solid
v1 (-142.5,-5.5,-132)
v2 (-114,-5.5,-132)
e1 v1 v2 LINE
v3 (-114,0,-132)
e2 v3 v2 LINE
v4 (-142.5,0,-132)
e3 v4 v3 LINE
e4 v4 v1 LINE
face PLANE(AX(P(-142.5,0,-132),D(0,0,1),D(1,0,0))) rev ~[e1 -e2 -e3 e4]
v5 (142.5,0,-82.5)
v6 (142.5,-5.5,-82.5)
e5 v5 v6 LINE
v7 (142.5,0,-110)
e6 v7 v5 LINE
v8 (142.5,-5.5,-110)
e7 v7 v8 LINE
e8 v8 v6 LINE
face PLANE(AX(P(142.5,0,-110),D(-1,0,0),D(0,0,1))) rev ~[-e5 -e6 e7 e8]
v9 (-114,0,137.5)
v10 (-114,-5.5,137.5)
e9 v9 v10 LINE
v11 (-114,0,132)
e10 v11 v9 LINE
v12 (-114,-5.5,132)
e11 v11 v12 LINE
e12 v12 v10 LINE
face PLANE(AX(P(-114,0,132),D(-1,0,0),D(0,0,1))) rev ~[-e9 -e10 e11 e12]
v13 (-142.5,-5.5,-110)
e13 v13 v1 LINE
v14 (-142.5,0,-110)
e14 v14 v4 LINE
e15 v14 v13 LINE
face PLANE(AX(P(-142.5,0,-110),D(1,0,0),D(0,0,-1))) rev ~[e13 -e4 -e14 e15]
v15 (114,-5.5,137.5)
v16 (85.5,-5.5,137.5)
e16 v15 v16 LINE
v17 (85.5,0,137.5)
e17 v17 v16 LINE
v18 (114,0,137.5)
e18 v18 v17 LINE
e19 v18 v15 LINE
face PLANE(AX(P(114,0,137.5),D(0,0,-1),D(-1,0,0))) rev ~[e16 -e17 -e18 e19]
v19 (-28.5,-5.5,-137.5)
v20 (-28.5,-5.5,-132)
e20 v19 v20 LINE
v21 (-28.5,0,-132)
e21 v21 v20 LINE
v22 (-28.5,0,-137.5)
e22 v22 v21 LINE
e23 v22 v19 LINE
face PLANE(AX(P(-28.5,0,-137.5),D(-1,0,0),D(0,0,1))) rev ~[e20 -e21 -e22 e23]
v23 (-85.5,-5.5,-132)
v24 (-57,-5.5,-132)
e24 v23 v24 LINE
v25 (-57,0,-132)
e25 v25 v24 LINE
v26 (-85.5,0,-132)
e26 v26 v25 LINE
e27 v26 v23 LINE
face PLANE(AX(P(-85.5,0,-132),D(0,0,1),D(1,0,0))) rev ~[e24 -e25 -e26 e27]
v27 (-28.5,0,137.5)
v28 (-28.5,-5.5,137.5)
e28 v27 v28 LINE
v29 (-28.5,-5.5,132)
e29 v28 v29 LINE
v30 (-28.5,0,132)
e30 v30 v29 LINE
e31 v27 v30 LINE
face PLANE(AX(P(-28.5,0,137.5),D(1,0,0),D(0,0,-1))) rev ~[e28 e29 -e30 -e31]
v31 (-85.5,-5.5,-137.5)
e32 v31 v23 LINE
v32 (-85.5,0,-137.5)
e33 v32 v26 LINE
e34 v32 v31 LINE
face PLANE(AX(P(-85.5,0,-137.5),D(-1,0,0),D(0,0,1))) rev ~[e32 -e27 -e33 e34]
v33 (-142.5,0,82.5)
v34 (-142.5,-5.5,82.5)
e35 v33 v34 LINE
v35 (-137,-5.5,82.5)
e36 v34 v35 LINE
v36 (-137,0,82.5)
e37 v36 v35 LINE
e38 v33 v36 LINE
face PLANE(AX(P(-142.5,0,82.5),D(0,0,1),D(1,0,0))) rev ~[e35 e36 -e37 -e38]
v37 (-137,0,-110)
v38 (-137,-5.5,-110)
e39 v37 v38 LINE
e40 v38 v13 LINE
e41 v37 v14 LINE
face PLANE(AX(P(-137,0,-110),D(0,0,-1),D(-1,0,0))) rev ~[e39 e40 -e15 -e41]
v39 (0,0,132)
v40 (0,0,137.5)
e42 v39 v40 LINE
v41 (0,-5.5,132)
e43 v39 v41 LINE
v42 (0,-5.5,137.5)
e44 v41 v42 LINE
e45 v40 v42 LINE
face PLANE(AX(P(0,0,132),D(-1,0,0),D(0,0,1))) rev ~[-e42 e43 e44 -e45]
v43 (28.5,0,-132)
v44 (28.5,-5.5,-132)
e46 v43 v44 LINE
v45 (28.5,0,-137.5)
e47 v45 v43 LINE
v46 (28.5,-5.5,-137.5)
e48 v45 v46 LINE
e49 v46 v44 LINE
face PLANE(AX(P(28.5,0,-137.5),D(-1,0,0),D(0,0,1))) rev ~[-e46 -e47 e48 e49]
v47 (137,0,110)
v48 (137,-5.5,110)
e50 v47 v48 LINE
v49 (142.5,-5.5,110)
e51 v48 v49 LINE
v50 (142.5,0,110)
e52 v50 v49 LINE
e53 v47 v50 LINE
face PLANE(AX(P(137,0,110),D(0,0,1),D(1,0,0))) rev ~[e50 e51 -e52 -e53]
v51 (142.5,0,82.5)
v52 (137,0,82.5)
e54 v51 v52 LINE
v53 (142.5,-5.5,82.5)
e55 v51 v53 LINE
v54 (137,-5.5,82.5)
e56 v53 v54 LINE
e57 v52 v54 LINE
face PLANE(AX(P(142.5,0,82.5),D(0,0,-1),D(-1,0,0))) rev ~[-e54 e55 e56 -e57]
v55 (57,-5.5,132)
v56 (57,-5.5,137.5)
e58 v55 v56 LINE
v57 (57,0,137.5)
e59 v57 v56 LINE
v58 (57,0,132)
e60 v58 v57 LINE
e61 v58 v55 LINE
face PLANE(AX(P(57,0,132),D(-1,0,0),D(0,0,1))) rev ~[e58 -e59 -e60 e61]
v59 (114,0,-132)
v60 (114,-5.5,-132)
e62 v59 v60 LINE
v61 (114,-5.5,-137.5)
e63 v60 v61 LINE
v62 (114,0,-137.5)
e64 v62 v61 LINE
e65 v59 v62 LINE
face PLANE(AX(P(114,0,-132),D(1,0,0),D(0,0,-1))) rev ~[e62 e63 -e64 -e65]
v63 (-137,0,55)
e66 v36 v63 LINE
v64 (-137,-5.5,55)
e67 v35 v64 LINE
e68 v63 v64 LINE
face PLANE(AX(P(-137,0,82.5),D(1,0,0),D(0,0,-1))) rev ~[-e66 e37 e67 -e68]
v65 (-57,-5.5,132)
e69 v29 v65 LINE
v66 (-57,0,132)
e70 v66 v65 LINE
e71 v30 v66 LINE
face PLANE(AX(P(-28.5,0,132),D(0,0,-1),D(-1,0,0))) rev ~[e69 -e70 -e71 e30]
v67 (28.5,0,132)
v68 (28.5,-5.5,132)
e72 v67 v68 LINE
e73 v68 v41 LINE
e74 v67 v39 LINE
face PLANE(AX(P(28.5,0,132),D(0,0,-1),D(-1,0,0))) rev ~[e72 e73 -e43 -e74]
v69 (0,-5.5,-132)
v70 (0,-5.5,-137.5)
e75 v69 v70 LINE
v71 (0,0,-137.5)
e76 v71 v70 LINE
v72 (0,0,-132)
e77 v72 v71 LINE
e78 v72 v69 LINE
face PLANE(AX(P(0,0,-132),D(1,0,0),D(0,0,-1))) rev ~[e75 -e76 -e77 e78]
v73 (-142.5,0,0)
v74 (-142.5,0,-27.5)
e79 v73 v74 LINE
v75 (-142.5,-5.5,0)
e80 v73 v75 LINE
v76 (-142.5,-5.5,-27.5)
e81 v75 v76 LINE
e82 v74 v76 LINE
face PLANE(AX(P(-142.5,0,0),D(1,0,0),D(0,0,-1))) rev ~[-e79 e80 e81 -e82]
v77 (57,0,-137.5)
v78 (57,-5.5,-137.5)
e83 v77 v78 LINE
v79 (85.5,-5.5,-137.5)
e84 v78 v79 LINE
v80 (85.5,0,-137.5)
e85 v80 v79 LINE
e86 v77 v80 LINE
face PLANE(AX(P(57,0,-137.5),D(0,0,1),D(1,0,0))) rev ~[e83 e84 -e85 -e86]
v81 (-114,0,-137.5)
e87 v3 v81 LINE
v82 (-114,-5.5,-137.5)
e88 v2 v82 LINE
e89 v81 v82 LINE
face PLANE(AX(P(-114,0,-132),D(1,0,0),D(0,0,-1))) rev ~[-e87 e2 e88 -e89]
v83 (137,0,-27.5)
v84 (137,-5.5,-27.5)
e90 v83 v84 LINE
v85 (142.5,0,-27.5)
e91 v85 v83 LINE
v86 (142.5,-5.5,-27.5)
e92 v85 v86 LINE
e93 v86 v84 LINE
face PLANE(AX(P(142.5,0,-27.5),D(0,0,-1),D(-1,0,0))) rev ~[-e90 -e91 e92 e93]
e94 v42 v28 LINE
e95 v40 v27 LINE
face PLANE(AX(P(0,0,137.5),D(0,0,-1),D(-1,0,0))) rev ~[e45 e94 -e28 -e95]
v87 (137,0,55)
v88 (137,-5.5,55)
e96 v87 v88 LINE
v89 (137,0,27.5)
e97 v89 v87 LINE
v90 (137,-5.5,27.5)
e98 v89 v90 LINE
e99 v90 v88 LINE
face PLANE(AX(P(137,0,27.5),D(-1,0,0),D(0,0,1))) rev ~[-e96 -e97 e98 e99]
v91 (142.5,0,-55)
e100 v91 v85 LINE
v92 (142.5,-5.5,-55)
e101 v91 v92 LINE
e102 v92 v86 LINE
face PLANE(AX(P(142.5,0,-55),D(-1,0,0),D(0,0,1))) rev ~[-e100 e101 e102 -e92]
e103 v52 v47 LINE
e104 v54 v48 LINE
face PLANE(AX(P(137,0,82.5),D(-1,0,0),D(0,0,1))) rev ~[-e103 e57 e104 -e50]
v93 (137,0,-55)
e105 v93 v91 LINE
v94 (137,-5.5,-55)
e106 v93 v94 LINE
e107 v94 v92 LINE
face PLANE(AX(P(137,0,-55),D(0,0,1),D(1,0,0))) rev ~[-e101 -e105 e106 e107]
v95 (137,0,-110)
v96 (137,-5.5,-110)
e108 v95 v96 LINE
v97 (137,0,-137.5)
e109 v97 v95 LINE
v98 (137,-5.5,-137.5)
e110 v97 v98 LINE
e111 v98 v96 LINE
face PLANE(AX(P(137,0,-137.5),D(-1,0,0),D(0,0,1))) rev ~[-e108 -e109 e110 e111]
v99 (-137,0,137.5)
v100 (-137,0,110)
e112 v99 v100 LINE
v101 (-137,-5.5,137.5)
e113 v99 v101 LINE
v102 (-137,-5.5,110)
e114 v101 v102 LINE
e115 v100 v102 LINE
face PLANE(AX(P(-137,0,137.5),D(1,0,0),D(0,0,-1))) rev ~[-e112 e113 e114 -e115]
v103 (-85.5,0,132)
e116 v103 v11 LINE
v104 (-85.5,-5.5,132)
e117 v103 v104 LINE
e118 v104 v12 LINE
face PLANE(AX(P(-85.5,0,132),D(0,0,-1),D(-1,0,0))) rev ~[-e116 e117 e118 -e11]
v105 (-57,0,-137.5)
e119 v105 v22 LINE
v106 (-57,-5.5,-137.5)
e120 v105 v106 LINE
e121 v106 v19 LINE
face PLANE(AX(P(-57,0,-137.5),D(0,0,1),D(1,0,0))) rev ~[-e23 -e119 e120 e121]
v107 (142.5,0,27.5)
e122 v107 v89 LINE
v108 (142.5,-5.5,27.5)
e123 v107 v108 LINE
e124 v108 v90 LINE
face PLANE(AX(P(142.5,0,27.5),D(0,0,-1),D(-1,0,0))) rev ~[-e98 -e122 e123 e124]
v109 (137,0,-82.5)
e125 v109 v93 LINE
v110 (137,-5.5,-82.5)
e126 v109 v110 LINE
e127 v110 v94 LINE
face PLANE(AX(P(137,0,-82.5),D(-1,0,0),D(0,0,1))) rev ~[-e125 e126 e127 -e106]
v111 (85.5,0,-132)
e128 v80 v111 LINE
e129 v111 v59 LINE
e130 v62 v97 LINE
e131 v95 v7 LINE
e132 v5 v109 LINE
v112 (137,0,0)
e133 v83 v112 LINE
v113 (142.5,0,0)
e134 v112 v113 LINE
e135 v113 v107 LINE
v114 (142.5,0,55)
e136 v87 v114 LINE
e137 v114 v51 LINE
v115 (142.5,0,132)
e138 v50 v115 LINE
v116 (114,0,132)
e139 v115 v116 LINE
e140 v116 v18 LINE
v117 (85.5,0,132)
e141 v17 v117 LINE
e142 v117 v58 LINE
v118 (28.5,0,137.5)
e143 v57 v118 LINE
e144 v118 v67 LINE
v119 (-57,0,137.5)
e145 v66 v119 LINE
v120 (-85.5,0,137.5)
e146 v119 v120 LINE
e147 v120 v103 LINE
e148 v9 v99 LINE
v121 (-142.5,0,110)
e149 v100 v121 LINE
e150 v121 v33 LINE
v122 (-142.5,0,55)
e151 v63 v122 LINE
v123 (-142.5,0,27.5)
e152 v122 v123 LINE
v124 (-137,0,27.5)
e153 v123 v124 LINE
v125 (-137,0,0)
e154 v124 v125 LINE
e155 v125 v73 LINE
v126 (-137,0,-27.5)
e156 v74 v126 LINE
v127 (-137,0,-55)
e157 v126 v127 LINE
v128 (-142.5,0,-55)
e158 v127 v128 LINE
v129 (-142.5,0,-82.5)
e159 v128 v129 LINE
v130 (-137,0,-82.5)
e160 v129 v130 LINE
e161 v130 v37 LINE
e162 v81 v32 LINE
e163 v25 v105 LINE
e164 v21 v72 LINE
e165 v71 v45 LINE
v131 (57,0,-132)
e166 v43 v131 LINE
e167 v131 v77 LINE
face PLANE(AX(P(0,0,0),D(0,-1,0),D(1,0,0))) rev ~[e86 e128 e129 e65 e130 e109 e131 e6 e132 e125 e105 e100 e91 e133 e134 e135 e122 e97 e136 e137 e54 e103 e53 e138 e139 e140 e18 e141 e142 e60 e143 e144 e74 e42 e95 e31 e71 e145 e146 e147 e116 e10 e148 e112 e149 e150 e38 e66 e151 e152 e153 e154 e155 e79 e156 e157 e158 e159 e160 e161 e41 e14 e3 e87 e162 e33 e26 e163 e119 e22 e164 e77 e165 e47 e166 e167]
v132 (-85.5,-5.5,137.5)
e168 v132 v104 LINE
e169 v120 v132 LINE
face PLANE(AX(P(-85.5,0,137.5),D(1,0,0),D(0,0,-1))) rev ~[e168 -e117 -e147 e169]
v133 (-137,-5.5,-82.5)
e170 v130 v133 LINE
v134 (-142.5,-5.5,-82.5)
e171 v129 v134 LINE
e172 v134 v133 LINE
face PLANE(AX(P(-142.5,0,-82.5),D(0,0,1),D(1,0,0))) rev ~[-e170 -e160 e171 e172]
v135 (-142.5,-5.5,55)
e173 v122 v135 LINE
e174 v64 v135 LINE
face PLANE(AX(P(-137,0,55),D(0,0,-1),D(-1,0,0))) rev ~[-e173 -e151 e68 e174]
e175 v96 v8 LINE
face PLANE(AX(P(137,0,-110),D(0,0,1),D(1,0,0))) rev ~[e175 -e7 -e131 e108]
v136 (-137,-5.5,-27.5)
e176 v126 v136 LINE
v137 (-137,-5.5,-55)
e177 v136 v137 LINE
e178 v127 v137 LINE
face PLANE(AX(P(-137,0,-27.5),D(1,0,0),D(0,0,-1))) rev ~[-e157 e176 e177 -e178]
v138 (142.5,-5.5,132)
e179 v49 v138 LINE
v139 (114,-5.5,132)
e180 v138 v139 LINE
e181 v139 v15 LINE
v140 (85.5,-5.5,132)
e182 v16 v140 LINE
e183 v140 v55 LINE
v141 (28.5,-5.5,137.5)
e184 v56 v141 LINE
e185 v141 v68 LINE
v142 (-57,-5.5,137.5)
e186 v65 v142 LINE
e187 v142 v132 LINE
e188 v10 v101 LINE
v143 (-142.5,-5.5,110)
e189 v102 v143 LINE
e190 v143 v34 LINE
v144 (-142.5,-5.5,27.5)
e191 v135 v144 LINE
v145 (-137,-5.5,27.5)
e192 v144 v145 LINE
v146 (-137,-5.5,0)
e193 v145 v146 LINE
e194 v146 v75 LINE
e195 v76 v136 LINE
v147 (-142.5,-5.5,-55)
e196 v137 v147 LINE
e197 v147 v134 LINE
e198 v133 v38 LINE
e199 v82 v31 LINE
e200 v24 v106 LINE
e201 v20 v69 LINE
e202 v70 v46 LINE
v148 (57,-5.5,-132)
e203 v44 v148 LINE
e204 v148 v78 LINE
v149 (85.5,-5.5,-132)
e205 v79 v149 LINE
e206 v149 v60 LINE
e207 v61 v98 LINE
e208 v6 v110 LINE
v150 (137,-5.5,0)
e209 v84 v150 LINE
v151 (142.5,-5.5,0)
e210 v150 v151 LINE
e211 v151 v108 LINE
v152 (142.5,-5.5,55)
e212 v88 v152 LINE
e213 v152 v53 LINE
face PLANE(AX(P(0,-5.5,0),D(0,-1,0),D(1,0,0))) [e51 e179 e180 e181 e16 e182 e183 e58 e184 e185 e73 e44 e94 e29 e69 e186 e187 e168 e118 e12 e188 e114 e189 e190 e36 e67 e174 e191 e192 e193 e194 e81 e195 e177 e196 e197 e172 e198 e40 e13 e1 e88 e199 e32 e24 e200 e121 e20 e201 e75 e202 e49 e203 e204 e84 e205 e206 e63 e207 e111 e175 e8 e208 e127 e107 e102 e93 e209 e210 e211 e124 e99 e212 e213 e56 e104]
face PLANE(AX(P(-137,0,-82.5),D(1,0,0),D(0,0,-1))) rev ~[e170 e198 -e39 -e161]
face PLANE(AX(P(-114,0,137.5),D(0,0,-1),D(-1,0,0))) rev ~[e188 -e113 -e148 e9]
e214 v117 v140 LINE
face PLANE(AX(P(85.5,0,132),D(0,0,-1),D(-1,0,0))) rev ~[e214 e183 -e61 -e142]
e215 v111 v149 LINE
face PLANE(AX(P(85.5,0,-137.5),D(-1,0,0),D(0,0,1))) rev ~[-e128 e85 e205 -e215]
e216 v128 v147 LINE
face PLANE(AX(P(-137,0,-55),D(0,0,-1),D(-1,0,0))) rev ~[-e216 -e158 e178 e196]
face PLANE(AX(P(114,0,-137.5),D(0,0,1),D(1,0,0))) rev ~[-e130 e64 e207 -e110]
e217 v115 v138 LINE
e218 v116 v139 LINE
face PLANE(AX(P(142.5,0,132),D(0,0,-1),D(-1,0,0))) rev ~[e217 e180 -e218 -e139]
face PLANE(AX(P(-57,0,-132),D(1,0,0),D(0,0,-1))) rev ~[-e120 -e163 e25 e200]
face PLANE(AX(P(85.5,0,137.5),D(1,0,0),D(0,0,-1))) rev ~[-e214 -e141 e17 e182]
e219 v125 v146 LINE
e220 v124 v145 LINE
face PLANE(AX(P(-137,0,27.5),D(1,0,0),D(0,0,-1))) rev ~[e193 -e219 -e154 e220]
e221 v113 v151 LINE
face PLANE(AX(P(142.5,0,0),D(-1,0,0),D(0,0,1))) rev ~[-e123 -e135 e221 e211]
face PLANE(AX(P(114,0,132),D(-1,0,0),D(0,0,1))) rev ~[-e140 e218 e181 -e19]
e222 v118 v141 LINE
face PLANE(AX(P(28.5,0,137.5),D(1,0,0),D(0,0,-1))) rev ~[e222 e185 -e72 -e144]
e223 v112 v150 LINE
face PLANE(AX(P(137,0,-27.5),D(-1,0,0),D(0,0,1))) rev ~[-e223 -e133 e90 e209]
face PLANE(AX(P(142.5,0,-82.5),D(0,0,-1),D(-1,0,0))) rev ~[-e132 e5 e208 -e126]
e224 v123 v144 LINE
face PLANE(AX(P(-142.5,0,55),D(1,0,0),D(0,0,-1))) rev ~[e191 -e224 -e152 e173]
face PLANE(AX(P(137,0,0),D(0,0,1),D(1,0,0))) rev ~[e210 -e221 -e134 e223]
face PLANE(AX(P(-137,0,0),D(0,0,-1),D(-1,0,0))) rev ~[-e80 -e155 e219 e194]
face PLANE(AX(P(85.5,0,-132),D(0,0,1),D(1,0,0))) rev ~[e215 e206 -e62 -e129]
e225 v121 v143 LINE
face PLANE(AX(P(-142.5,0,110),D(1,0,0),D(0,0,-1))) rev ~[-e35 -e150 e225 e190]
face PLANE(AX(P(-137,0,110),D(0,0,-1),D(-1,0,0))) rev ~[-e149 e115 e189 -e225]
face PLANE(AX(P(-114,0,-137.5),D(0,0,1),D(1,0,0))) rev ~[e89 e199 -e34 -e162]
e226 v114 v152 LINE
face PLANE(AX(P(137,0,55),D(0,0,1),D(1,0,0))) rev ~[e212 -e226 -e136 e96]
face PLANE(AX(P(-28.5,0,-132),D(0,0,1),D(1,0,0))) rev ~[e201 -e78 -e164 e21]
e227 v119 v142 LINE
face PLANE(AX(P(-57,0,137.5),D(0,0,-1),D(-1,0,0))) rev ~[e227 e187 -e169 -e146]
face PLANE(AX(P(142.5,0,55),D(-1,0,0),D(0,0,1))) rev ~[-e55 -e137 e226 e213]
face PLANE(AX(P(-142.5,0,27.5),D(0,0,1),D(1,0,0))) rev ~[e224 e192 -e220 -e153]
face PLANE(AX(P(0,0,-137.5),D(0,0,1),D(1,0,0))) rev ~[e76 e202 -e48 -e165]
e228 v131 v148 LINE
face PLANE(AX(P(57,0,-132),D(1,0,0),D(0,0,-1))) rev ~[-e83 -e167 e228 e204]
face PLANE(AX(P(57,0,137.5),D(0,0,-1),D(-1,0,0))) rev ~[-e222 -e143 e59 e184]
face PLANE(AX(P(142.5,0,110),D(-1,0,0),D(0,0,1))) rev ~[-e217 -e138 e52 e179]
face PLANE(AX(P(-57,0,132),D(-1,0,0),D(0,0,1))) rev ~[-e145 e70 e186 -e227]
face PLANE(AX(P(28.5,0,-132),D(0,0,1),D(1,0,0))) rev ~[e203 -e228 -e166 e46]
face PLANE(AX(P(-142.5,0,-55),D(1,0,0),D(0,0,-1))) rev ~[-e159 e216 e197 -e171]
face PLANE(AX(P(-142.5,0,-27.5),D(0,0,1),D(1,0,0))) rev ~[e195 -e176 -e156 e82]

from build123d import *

# Parameters (mm, degrees)
F1_DEPTH = 5.5


with BuildPart() as f1:
    # F0 (on Front) → F1 (new body)
    with BuildSketch(Plane.XZ):
        Polygon((-114, 137.5), (-137, 137.5), (-137, 110), (-142.5, 110), (-142.5, 82.5), (-137, 82.5), (-137, 55), (-142.5, 55), (-142.5, 27.5), (-137, 27.5), (-137, 0), (-142.5, 0), (-142.5, -27.5), (-137, -27.5), (-137, -55), (-142.5, -55), (-142.5, -82.5), (-137, -82.5), (-137, -110), (-142.5, -110), (-142.5, -132), (-114, -132), (-114, -137.5), (-85.5, -137.5), (-85.5, -132), (-57, -132), (-57, -137.5), (-28.5, -137.5), (-28.5, -132), (0, -132), (0, -137.5), (28.5, -137.5), (28.5, -132), (57, -132), (57, -137.5), (85.5, -137.5), (85.5, -132), (114, -132), (114, -137.5), (137, -137.5), (137, -110), (142.5, -110), (142.5, -82.5), (137, -82.5), (137, -55), (142.5, -55), (142.5, -27.5), (137, -27.5), (137, 0), (142.5, 0), (142.5, 27.5), (137, 27.5), (137, 55), (142.5, 55), (142.5, 82.5), (137, 82.5), (137, 110), (142.5, 110), (142.5, 132), (114, 132), (114, 137.5), (85.5, 137.5), (85.5, 132), (57, 132), (57, 137.5), (28.5, 137.5), (28.5, 132), (0, 132), (0, 137.5), (-28.5, 137.5), (-28.5, 132), (-57, 132), (-57, 137.5), (-85.5, 137.5), (-85.5, 132), (-114, 132), align=None)
    extrude(amount=F1_DEPTH)


solid = f1.part
